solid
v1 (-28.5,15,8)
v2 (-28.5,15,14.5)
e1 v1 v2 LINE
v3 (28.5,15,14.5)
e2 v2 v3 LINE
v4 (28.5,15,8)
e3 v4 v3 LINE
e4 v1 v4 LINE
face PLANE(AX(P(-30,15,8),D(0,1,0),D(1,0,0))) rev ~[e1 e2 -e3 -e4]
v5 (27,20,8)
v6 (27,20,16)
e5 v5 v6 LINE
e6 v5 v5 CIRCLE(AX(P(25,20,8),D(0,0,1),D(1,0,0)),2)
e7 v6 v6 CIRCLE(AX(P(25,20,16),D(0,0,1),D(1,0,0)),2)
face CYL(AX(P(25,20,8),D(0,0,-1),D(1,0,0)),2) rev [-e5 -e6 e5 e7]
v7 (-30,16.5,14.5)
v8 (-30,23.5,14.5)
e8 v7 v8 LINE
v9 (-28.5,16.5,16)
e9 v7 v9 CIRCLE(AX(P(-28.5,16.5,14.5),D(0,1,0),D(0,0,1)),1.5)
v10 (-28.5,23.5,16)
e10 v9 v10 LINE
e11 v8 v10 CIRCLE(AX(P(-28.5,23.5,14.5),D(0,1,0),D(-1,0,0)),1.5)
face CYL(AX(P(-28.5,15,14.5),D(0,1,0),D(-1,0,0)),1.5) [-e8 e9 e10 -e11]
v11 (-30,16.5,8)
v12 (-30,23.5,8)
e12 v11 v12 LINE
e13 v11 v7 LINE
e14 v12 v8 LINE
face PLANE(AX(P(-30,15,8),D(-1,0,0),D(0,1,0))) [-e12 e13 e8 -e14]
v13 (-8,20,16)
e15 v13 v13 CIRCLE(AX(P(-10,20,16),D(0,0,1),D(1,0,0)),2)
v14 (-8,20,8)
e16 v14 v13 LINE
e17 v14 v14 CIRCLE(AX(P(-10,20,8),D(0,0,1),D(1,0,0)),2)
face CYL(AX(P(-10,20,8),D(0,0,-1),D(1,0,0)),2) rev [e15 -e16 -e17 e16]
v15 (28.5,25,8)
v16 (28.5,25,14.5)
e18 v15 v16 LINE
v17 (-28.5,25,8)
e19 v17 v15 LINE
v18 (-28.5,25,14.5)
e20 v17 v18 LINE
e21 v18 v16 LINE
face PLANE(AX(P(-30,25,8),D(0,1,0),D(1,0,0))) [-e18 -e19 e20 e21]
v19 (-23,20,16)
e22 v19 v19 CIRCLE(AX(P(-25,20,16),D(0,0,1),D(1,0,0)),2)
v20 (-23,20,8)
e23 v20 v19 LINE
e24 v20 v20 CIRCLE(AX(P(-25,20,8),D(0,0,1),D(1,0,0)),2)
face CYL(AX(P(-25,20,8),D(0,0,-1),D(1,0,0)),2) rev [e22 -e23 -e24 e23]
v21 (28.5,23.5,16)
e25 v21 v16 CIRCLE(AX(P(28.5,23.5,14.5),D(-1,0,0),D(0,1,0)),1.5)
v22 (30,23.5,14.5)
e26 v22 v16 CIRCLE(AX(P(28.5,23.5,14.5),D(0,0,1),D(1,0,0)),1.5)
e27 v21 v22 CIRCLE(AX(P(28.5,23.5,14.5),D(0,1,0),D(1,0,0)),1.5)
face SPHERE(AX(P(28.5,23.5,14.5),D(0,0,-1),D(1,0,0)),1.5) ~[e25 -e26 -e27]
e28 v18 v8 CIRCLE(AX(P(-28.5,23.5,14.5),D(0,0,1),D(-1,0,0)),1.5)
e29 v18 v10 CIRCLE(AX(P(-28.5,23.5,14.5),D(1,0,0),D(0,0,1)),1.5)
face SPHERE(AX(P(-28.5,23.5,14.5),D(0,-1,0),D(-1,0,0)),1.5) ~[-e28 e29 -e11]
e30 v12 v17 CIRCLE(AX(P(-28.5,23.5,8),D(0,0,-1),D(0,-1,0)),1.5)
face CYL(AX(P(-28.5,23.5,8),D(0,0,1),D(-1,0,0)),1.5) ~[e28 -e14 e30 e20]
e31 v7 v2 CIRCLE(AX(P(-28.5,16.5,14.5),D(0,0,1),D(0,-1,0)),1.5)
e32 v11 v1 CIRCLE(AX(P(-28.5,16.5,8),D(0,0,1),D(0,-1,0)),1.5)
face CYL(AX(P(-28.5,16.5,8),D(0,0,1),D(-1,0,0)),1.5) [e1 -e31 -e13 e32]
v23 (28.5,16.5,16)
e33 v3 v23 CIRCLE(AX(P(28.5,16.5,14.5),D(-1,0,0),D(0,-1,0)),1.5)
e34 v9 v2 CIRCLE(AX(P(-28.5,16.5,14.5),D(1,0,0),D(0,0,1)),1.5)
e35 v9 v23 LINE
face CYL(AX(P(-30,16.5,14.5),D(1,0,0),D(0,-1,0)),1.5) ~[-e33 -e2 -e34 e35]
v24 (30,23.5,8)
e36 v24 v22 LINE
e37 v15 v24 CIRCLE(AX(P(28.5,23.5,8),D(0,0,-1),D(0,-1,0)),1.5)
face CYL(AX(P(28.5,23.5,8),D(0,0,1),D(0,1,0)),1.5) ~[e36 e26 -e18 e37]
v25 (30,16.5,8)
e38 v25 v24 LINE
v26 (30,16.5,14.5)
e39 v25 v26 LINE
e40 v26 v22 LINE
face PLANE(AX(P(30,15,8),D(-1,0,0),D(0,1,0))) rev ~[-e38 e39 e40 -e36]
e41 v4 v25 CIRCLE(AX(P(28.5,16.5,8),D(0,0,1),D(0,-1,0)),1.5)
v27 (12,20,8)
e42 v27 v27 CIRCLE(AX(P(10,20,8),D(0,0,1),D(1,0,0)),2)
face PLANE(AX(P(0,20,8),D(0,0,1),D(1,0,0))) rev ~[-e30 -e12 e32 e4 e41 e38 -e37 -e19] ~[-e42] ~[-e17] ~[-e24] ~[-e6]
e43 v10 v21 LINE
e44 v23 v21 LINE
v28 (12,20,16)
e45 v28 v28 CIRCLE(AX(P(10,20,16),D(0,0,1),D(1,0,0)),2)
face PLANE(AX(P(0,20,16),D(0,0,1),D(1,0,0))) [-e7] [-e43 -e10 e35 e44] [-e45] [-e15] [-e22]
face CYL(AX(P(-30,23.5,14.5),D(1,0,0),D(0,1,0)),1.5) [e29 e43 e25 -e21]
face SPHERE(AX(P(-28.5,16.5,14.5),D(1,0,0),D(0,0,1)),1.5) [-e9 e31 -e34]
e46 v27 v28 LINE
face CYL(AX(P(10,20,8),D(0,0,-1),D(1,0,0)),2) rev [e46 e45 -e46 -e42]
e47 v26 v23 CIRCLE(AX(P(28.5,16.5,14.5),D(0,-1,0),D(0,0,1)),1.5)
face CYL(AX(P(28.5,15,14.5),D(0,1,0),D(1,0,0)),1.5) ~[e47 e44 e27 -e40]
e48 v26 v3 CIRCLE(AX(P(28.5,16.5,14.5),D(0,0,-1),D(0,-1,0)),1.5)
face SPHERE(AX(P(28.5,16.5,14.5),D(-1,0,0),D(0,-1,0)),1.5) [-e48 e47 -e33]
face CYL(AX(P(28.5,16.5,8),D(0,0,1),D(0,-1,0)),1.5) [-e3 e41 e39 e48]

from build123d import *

# Parameters (mm, degrees)
F0_R      = 2
F1_DEPTH  = 10
F2_R      = 5
F4_R      = 2
F5_DEPTH  = 10
F7_R      = 5
F7_2_R    = 5
F8_R      = 2
F8_2_R    = 2
F10_DEPTH = 25
F11_R     = 1.5
F12_R     = 1.75
F13_DEPTH = 12.5
F15_W     = 9
F15_H     = 20
F16_DEPTH = 10
F17_W     = 6
F17_H     = 20
F18_DEPTH = 25
F21_R     = 2
F22_DEPTH = 30
F24_R     = 2
F25_DEPTH = 12.5
F27_R     = 2
F28_R     = 2
F29_DEPTH = 8
F30_R     = 2
F31_R     = 2
F32_R     = 1.75
F33_DEPTH = 25
F32_R_2   = 2
F37_ANGLE = 90
F40_W     = 60
F40_H     = 10
F40_R     = 2
F41_DEPTH = 8
F43_R     = 1.5


with BuildPart() as f1:
    # F0 (on Top) → F1 (new body)
    with BuildSketch(Plane.XY):
        Polygon((0, 70), (0, 75), (-20, 75), (-30, 75), (-50, -75), (-40, -75), (0, -75), (0, -65), (-38.6666666667, -65), (-30.8, -6), (0, -6), (0, 0), (0, 6), (-29.2, 6), (-21.3333333333, 65), (0, 65), align=None)
        with Locations((-15, 0)):
            Circle(F0_R, mode=Mode.SUBTRACT)
        with Locations((-10.4101235047, 70)):
            Circle(F0_R, mode=Mode.SUBTRACT)
    extrude(amount=F1_DEPTH)

    # F2
    f2_edges = [f1.edges().sort_by_distance(p)[0] for p in [
        (-21.333333, 65, 5),
        (-30.8, -6, 5),
        (-29.2, 6, 5),
        (-38.666667, -65, 5),
        (-50, -75, 5),
    ]]
    fillet(f2_edges, radius=F2_R)

    # F3: F1 across plane


with BuildPart() as f1_1:
    add(f1.part)
    add(f1.part.mirror(Plane.YZ))

    # F4 (on Top) → F5 (join)
    with BuildSketch(Plane.XY):
        with BuildLine():
            Line((0, 80), (0, 75))
            Line((0, 75), (10, 75))
            Line((10, 75), (30, 75))
            Line((30, 75), (13.3333333333, 200))
            Line((13.3333333333, 200), (4.5, 200))
            Line((4.5, 200), (4.5, 192))
            ThreePointArc((4.5, 192), (3.1819805153, 188.8180194847), (0, 187.5))
            Line((0, 187.5), (0, 170.1721444783))
            Line((0, 170.1721444783), (7.3103807362, 170.1721444783))
            Line((7.3103807362, 170.1721444783), (10, 150))
            Line((10, 150), (18.6666666667, 85))
            Line((18.6666666667, 85), (10, 85))
            Line((10, 85), (0, 85))
            Line((0, 85), (0, 80))
        make_face()
        with Locations((10, 80)):
            Circle(F4_R, mode=Mode.SUBTRACT)
    extrude(amount=F5_DEPTH)


with BuildPart() as f6_1:
    # F6: instance of F1
    add(f1_1.part.mirror(Plane.YZ))

    # F7
    f7_edges = [f6_1.edges().sort_by_distance(p)[0] for p in [
        (-7.310381, 170.172144, 5),
        (-18.666667, 85, 5),
        (-13.333333, 200, 5),
    ]]
    fillet(f7_edges, radius=F7_R)

    # F8#2
    f8_2_edges = [f6_1.edges().sort_by_distance(p)[0] for p in [
        (-4.5, 200, 5),
    ]]
    fillet(f8_2_edges, radius=F8_2_R)


with BuildPart() as f1_2:
    add(f1_1.part)

    # F7#2
    f7_2_edges = [f1_2.edges().sort_by_distance(p)[0] for p in [
        (7.310381, 170.172144, 5),
        (18.666667, 85, 5),
        (13.333333, 200, 5),
    ]]
    fillet(f7_2_edges, radius=F7_2_R)

    # F8
    f8_edges = [f1_2.edges().sort_by_distance(p)[0] for p in [
        (4.5, 200, 5),
    ]]
    fillet(f8_edges, radius=F8_R)

    add(f6_1.part)  # F10 merges F6_1
    # F9 (on Top) → F10 (join)
    with BuildSketch(Plane.XY):
        Polygon((0, -6), (0, 0), (0, 6), (-6, 6), (-6, -6), align=None)
    extrude(amount=F10_DEPTH)

    # F11
    f11_edges = [f1_2.edges().sort_by_distance(p)[0] for p in [
        (-6, -6, 17.5),
        (-6, 0, 25),
        (-3, -6, 25),
        (-6, 6, 17.5),
        (-3, 6, 25),
    ]]
    fillet(f11_edges, radius=F11_R)


with BuildPart() as f13:
    # F12 (on Right) → F13 (new body, symmetric)
    with BuildSketch(Plane.YZ):
        with Locations((0, 20)):
            Circle(F12_R)
    extrude(amount=F13_DEPTH, both=True)


with BuildPart() as f13b:
    # F12 (on Right) → F13, piece 2 (new body, symmetric)
    with BuildSketch(Plane.YZ):
        with Locations((0, 15)):
            Circle(F12_R)
    extrude(amount=F13_DEPTH, both=True)


with BuildPart() as f1_3:
    add(f1_2.part)

    # F14: cut F13b, F13
    add(f13b.part, mode=Mode.SUBTRACT)
    add(f13.part, mode=Mode.SUBTRACT)


with BuildPart() as f16:
    # F15 (on Top) → F16 (new body)
    with BuildSketch(Plane.XY):
        Polygon((0, 65), (15, 65), (15, 85), (0, 85), (0, 75), align=None)
        Polygon((-6, 65), (0, 65), (0, 75), (0, 85), (-6, 85), align=None)
        with Locations((-10.5, 75)):
            Rectangle(F15_W, F15_H)
    extrude(amount=F16_DEPTH)


with BuildPart() as f18:
    # F17 (on Top) → F18 (new body)
    with BuildSketch(Plane.XY):
        with Locations((-3, 75)):
            Rectangle(F17_W, F17_H)
    extrude(amount=F18_DEPTH)


with BuildPart() as f16_1:
    add(f16.part)

    # F19: union F18
    add(f18.part)


with BuildPart() as f16_2:
    # F20: moved
    add(f16_1.part.moved(Location((0, 0, 10))))


with BuildPart() as f22:
    # F21 (on Top) → F22 (new body)
    with BuildSketch(Plane.XY):
        with Locations((-10, 80)):
            Circle(F21_R)
    extrude(amount=F22_DEPTH)


with BuildPart() as f22b:
    # F21 (on Top) → F22, piece 2 (new body)
    with BuildSketch(Plane.XY):
        with Locations((10, 80)):
            Circle(F21_R)
    extrude(amount=F22_DEPTH)


with BuildPart() as f22c:
    # F21 (on Top) → F22, piece 3 (new body)
    with BuildSketch(Plane.XY):
        with Locations((-10.4, 70)):
            Circle(F21_R)
    extrude(amount=F22_DEPTH)


with BuildPart() as f22d:
    # F21 (on Top) → F22, piece 4 (new body)
    with BuildSketch(Plane.XY):
        with Locations((10.4, 70)):
            Circle(F21_R)
    extrude(amount=F22_DEPTH)


with BuildPart() as f16_3:
    add(f16_2.part)

    # F23: cut F22d, F22c, F22b, F22
    add(f22d.part, mode=Mode.SUBTRACT)
    add(f22c.part, mode=Mode.SUBTRACT)
    add(f22b.part, mode=Mode.SUBTRACT)
    add(f22.part, mode=Mode.SUBTRACT)


with BuildPart() as f25:
    # F24 (on Right) → F25 (new body, symmetric)
    with BuildSketch(Plane.YZ):
        with Locations((80, 27.2266920656)):
            Circle(F24_R)
    extrude(amount=F25_DEPTH, both=True)


with BuildPart() as f25b:
    # F24 (on Right) → F25, piece 2 (new body, symmetric)
    with BuildSketch(Plane.YZ):
        with Locations((70, 27.2266920656)):
            Circle(F24_R)
    extrude(amount=F25_DEPTH, both=True)


with BuildPart() as f16_4:
    add(f16_3.part)

    # F26: cut F25b, F25
    add(f25b.part, mode=Mode.SUBTRACT)
    add(f25.part, mode=Mode.SUBTRACT)

    # F27
    f27_edges = [f16_4.edges().sort_by_distance(p)[0] for p in [
        (-6, 65, 27.5),
        (-3, 65, 35),
        (-10.5, 65, 20),
        (-15, 65, 15),
        (7.5, 65, 20),
        (15, 65, 15),
        (15, 75, 10),
        (-15, 75, 10),
        (-6, 75, 35),
        (-10.5, 85, 20),
        (-15, 85, 15),
        (-6, 85, 27.5),
        (-3, 85, 35),
        (7.5, 85, 20),
        (15, 85, 15),
    ]]
    fillet(f27_edges, radius=F27_R)


with BuildPart() as f29:
    # F28 (on Right) → F29 (new body)
    with BuildSketch(Plane.YZ):
        Polygon((-6, 10), (0, 10), (6, 10), (6, 25), (65, 35), (65, 20), (75, 20), (85, 20), (85, 35), (85, 120), (75, 120), (-6, 25), align=None)
        Polygon((17.4430621123, 37.0821219176), (23.9249371816, 44.6843210729), (75, 104.5871725266), (75, 45), (64.1585427985, 45), (51.9163602293, 42.9250538018), align=None, mode=Mode.SUBTRACT)
        with Locations((80, 95)):
            Circle(F28_R, mode=Mode.SUBTRACT)
        with Locations((80, 110)):
            Circle(F28_R, mode=Mode.SUBTRACT)
    extrude(amount=F29_DEPTH)

    # F30
    f30_edges = [f29.edges().sort_by_distance(p)[0] for p in [
        (4, 75, 104.587173),
        (4, 75, 45),
        (4, 17.443062, 37.082122),
        (4, 65, 35),
        (4, 6, 25),
        (4, -6, 25),
    ]]
    fillet(f30_edges, radius=F30_R)

    # F31
    f31_edges = [f29.edges().sort_by_distance(p)[0] for p in [
        (8, 46.246648, 70.864105),
        (8, 34.73905, 72.780367),
        (8, 35.165784, 29.943353),
        (8, 85, 70),
    ]]
    fillet(f31_edges, radius=F31_R)


with BuildPart() as f33:
    # F32 (on Right) → F33 (new body)
    with BuildSketch(Plane.YZ):
        with Locations((0, 20)):
            Circle(F32_R)
    extrude(amount=F33_DEPTH)


with BuildPart() as f33b:
    # F32 (on Right) → F33, piece 2 (new body)
    with BuildSketch(Plane.YZ):
        with Locations((0, 15)):
            Circle(F32_R)
    extrude(amount=F33_DEPTH)


with BuildPart() as f33c:
    # F32 (on Right) → F33, piece 3 (new body)
    with BuildSketch(Plane.YZ):
        with Locations((70, 27.25)):
            Circle(F32_R_2)
    extrude(amount=F33_DEPTH)


with BuildPart() as f33d:
    # F32 (on Right) → F33, piece 4 (new body)
    with BuildSketch(Plane.YZ):
        with Locations((80, 27.25)):
            Circle(F32_R_2)
    extrude(amount=F33_DEPTH)


with BuildPart() as f29_1:
    add(f29.part)

    # F34: cut F33d, F33c, F33b, F33
    add(f33d.part, mode=Mode.SUBTRACT)
    add(f33c.part, mode=Mode.SUBTRACT)
    add(f33b.part, mode=Mode.SUBTRACT)
    add(f33.part, mode=Mode.SUBTRACT)


with BuildPart() as f29_2:
    # F37: moved
    add(f29_1.part.rotate(Axis((0, -39.3833108246, 0), (0, -1, 0)), F37_ANGLE))


with BuildPart() as f29_3:
    # F38: moved
    add(f29_2.part.moved(Location((120, -60, 0))))


with BuildPart() as f39_1:
    # F39: instance of F29
    add(f29_3.part.mirror(Plane.YZ))


with BuildPart() as f41:
    # F40 (on Top) → F41 (new body)
    with BuildSketch(Plane.XY):
        with Locations((0, 20)):
            Rectangle(F40_W, F40_H)
        with Locations((-25, 20)):
            Circle(F40_R, mode=Mode.SUBTRACT)
        with Locations((-10, 20)):
            Circle(F40_R, mode=Mode.SUBTRACT)
        with Locations((10, 20)):
            Circle(F40_R, mode=Mode.SUBTRACT)
        with Locations((25, 20)):
            Circle(F40_R, mode=Mode.SUBTRACT)
    extrude(amount=F41_DEPTH)


with BuildPart() as f41_1:
    # F42: moved
    add(f41.part.moved(Location((0, 0, 8))))

    # F43
    f43_edges = [f41_1.edges().sort_by_distance(p)[0] for p in [
        (0, 15, 16),
        (30, 15, 12),
        (30, 25, 12),
        (30, 20, 16),
        (-30, 20, 16),
        (-30, 15, 12),
        (-30, 25, 12),
        (0, 25, 16),
    ]]
    fillet(f43_edges, radius=F43_R)


solid = f41_1.part
